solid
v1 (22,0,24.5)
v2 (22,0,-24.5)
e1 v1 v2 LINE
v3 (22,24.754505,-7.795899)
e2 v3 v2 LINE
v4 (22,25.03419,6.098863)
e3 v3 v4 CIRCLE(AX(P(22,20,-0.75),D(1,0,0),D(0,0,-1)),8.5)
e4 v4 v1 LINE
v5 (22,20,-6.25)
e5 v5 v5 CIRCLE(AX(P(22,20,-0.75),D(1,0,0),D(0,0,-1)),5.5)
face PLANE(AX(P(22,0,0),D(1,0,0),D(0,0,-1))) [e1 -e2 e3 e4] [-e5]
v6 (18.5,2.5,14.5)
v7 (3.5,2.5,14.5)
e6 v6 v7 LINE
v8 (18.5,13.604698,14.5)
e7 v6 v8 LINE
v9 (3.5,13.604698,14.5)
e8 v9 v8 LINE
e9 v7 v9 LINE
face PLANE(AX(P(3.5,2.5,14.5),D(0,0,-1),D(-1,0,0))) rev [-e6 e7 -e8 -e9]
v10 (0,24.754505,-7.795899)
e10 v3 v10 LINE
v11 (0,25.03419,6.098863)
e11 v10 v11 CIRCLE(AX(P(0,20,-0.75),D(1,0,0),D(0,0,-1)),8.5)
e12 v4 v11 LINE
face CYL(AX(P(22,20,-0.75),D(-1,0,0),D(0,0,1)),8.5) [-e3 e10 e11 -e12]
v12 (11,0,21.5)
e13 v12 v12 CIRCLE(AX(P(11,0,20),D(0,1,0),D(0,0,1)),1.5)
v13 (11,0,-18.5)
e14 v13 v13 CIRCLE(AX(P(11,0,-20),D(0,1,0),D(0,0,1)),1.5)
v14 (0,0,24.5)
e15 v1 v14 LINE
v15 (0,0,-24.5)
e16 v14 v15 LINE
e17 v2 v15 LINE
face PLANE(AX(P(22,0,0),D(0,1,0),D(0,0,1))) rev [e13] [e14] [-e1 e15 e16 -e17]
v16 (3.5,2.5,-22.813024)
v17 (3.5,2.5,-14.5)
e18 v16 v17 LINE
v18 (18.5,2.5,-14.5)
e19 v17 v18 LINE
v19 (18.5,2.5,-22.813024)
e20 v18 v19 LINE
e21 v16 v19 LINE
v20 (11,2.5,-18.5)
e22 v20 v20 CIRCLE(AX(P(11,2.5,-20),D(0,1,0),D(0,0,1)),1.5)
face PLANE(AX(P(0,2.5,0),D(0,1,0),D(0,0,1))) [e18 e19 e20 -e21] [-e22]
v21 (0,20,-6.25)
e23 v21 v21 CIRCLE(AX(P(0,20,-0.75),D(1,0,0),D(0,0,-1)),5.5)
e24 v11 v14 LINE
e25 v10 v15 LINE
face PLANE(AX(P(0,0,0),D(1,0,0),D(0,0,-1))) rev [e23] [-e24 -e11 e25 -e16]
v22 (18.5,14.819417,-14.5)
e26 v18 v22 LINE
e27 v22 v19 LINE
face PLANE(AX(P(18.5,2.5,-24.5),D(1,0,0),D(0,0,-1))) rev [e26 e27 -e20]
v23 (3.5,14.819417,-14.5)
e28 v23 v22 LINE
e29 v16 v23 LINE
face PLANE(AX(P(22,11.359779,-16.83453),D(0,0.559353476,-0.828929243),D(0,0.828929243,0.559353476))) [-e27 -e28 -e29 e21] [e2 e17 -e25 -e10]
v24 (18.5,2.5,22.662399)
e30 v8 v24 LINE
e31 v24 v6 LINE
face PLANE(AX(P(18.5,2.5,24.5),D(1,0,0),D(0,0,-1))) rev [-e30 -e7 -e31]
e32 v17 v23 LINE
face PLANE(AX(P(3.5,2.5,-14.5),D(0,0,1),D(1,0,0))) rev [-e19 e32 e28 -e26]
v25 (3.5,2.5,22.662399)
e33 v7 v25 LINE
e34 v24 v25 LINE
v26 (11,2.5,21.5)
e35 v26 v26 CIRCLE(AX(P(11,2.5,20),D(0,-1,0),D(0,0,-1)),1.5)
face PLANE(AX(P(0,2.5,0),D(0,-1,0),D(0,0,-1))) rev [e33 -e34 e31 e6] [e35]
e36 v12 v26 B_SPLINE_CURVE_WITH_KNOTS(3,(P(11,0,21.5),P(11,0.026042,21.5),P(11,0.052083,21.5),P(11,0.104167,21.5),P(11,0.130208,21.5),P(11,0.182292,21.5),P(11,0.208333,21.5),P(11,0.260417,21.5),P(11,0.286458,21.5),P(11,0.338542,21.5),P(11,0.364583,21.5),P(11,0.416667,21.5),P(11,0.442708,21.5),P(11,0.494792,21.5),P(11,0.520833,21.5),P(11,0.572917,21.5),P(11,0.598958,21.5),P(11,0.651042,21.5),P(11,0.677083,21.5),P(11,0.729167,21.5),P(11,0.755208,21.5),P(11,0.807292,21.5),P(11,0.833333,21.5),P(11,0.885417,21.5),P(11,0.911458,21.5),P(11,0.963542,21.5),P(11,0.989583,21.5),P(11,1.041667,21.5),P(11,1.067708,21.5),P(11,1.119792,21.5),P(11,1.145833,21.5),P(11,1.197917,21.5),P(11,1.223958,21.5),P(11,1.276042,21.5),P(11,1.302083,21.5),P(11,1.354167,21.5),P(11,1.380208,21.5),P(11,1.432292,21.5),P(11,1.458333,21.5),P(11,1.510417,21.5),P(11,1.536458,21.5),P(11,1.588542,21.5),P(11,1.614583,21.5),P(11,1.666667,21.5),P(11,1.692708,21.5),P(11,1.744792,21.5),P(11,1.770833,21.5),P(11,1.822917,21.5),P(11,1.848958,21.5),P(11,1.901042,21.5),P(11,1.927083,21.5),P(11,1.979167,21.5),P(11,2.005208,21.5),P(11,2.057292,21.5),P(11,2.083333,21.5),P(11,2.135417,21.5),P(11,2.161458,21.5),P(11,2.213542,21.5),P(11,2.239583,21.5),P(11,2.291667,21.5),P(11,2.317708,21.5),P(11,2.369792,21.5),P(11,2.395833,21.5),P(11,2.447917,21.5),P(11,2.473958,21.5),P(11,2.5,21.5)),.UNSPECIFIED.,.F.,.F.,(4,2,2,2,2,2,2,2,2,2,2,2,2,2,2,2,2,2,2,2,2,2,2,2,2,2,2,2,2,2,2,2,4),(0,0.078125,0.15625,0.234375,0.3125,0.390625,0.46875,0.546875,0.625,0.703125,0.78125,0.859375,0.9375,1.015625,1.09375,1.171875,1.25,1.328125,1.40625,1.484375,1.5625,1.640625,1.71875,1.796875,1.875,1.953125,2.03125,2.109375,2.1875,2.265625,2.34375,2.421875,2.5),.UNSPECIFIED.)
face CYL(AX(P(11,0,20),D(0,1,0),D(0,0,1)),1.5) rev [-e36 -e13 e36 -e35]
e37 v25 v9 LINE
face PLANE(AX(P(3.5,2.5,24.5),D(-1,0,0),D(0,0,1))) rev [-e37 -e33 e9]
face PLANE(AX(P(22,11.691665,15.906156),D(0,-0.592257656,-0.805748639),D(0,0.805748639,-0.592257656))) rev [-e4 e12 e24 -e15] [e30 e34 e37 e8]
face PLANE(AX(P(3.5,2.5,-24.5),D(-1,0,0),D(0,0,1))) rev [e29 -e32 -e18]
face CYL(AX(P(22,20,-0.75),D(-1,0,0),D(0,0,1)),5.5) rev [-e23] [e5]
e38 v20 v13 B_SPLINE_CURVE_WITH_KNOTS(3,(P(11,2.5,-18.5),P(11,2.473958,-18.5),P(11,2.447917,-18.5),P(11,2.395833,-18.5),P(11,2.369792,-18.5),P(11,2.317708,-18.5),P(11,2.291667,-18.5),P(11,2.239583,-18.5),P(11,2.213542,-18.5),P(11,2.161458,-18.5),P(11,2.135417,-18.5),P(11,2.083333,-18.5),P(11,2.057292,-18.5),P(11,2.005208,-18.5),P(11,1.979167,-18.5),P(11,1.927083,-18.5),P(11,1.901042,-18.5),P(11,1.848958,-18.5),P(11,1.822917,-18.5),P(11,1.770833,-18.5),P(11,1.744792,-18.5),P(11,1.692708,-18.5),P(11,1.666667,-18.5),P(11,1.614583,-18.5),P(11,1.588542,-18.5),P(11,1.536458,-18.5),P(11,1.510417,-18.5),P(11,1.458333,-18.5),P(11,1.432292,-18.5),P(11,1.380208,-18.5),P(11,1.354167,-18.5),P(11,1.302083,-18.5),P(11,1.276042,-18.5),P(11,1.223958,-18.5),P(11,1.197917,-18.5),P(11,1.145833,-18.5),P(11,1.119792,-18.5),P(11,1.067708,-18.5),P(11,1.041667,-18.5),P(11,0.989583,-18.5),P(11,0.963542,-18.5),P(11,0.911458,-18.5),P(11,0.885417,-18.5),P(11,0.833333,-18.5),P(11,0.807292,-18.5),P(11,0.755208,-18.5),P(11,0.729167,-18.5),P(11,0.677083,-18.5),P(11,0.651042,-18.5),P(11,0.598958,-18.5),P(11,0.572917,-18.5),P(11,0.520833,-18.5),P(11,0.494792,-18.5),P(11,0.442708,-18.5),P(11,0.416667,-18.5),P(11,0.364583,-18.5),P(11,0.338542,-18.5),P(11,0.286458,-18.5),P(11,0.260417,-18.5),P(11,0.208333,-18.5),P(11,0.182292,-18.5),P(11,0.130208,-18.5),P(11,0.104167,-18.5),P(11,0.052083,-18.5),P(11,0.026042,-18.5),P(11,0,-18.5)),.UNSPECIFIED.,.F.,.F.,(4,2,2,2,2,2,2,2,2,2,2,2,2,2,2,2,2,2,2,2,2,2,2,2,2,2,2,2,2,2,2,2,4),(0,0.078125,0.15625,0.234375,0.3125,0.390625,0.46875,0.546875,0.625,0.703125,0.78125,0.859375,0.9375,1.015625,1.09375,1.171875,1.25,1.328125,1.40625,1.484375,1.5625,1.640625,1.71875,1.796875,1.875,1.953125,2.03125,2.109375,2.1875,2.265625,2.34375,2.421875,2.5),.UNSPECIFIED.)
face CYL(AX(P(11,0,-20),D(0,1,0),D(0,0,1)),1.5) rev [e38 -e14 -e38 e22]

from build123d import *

# Parameters (mm, degrees)
ESBO_O1_R                = 5.5
RESSALTO_EXTRUS_O1_DEPTH = 22
ESBO_O5_W                = 15
ESBO_O5_H                = 10
CORTE_EXTRUS_O3_DEPTH    = 26
ESBO_O6_R                = 1.5
CORTE_EXTRUS_O4_DEPTH    = 44.548823176


with BuildPart() as part:
    # Esboço1 → Ressalto-extrusão1 (new body)
    with BuildSketch(Plane(origin=(0, 0, 0), x_dir=(0, 0, -1), z_dir=(1, 0, 0))):
        with BuildLine():
            Line((24.5, 0), (7.795898562, 24.754504543))
            ThreePointArc((7.795898562, 24.754504543), (0.921060547, 28.498278549), (-6.098863428, 25.034190078))
            Line((-6.098863428, 25.034190078), (-24.5, 0))
            Line((-24.5, 0), (24.5, 0))
        make_face()
        with Locations((0.75, 20)):
            Circle(ESBO_O1_R, mode=Mode.SUBTRACT)
    extrude(amount=RESSALTO_EXTRUS_O1_DEPTH)

    # Esboço5 → Corte-extrusão3 (cut)
    with BuildSketch(Plane(origin=(0, 28.5, 0), x_dir=(1, 0, 0), z_dir=(0, 1, 0))):
        with Locations((11, 19.5)):
            Rectangle(ESBO_O5_W, ESBO_O5_H)
        with Locations((11, -19.5)):
            Rectangle(ESBO_O5_W, ESBO_O5_H)
    extrude(amount=-CORTE_EXTRUS_O3_DEPTH, mode=Mode.SUBTRACT)

    # Esboço6 → Corte-extrusão4 (cut, through all)
    with BuildSketch(Plane(origin=(0, 28.5, 0), x_dir=(1, 0, 0), z_dir=(0, 1, 0))):
        with Locations(Location((11, 20, 0), (0, 0, 270))):
            Circle(ESBO_O6_R)
        with Locations(Location((11, -20, 0), (0, 0, 270))):
            Circle(ESBO_O6_R)
    extrude(amount=-CORTE_EXTRUS_O4_DEPTH, mode=Mode.SUBTRACT)


solid = part.part
